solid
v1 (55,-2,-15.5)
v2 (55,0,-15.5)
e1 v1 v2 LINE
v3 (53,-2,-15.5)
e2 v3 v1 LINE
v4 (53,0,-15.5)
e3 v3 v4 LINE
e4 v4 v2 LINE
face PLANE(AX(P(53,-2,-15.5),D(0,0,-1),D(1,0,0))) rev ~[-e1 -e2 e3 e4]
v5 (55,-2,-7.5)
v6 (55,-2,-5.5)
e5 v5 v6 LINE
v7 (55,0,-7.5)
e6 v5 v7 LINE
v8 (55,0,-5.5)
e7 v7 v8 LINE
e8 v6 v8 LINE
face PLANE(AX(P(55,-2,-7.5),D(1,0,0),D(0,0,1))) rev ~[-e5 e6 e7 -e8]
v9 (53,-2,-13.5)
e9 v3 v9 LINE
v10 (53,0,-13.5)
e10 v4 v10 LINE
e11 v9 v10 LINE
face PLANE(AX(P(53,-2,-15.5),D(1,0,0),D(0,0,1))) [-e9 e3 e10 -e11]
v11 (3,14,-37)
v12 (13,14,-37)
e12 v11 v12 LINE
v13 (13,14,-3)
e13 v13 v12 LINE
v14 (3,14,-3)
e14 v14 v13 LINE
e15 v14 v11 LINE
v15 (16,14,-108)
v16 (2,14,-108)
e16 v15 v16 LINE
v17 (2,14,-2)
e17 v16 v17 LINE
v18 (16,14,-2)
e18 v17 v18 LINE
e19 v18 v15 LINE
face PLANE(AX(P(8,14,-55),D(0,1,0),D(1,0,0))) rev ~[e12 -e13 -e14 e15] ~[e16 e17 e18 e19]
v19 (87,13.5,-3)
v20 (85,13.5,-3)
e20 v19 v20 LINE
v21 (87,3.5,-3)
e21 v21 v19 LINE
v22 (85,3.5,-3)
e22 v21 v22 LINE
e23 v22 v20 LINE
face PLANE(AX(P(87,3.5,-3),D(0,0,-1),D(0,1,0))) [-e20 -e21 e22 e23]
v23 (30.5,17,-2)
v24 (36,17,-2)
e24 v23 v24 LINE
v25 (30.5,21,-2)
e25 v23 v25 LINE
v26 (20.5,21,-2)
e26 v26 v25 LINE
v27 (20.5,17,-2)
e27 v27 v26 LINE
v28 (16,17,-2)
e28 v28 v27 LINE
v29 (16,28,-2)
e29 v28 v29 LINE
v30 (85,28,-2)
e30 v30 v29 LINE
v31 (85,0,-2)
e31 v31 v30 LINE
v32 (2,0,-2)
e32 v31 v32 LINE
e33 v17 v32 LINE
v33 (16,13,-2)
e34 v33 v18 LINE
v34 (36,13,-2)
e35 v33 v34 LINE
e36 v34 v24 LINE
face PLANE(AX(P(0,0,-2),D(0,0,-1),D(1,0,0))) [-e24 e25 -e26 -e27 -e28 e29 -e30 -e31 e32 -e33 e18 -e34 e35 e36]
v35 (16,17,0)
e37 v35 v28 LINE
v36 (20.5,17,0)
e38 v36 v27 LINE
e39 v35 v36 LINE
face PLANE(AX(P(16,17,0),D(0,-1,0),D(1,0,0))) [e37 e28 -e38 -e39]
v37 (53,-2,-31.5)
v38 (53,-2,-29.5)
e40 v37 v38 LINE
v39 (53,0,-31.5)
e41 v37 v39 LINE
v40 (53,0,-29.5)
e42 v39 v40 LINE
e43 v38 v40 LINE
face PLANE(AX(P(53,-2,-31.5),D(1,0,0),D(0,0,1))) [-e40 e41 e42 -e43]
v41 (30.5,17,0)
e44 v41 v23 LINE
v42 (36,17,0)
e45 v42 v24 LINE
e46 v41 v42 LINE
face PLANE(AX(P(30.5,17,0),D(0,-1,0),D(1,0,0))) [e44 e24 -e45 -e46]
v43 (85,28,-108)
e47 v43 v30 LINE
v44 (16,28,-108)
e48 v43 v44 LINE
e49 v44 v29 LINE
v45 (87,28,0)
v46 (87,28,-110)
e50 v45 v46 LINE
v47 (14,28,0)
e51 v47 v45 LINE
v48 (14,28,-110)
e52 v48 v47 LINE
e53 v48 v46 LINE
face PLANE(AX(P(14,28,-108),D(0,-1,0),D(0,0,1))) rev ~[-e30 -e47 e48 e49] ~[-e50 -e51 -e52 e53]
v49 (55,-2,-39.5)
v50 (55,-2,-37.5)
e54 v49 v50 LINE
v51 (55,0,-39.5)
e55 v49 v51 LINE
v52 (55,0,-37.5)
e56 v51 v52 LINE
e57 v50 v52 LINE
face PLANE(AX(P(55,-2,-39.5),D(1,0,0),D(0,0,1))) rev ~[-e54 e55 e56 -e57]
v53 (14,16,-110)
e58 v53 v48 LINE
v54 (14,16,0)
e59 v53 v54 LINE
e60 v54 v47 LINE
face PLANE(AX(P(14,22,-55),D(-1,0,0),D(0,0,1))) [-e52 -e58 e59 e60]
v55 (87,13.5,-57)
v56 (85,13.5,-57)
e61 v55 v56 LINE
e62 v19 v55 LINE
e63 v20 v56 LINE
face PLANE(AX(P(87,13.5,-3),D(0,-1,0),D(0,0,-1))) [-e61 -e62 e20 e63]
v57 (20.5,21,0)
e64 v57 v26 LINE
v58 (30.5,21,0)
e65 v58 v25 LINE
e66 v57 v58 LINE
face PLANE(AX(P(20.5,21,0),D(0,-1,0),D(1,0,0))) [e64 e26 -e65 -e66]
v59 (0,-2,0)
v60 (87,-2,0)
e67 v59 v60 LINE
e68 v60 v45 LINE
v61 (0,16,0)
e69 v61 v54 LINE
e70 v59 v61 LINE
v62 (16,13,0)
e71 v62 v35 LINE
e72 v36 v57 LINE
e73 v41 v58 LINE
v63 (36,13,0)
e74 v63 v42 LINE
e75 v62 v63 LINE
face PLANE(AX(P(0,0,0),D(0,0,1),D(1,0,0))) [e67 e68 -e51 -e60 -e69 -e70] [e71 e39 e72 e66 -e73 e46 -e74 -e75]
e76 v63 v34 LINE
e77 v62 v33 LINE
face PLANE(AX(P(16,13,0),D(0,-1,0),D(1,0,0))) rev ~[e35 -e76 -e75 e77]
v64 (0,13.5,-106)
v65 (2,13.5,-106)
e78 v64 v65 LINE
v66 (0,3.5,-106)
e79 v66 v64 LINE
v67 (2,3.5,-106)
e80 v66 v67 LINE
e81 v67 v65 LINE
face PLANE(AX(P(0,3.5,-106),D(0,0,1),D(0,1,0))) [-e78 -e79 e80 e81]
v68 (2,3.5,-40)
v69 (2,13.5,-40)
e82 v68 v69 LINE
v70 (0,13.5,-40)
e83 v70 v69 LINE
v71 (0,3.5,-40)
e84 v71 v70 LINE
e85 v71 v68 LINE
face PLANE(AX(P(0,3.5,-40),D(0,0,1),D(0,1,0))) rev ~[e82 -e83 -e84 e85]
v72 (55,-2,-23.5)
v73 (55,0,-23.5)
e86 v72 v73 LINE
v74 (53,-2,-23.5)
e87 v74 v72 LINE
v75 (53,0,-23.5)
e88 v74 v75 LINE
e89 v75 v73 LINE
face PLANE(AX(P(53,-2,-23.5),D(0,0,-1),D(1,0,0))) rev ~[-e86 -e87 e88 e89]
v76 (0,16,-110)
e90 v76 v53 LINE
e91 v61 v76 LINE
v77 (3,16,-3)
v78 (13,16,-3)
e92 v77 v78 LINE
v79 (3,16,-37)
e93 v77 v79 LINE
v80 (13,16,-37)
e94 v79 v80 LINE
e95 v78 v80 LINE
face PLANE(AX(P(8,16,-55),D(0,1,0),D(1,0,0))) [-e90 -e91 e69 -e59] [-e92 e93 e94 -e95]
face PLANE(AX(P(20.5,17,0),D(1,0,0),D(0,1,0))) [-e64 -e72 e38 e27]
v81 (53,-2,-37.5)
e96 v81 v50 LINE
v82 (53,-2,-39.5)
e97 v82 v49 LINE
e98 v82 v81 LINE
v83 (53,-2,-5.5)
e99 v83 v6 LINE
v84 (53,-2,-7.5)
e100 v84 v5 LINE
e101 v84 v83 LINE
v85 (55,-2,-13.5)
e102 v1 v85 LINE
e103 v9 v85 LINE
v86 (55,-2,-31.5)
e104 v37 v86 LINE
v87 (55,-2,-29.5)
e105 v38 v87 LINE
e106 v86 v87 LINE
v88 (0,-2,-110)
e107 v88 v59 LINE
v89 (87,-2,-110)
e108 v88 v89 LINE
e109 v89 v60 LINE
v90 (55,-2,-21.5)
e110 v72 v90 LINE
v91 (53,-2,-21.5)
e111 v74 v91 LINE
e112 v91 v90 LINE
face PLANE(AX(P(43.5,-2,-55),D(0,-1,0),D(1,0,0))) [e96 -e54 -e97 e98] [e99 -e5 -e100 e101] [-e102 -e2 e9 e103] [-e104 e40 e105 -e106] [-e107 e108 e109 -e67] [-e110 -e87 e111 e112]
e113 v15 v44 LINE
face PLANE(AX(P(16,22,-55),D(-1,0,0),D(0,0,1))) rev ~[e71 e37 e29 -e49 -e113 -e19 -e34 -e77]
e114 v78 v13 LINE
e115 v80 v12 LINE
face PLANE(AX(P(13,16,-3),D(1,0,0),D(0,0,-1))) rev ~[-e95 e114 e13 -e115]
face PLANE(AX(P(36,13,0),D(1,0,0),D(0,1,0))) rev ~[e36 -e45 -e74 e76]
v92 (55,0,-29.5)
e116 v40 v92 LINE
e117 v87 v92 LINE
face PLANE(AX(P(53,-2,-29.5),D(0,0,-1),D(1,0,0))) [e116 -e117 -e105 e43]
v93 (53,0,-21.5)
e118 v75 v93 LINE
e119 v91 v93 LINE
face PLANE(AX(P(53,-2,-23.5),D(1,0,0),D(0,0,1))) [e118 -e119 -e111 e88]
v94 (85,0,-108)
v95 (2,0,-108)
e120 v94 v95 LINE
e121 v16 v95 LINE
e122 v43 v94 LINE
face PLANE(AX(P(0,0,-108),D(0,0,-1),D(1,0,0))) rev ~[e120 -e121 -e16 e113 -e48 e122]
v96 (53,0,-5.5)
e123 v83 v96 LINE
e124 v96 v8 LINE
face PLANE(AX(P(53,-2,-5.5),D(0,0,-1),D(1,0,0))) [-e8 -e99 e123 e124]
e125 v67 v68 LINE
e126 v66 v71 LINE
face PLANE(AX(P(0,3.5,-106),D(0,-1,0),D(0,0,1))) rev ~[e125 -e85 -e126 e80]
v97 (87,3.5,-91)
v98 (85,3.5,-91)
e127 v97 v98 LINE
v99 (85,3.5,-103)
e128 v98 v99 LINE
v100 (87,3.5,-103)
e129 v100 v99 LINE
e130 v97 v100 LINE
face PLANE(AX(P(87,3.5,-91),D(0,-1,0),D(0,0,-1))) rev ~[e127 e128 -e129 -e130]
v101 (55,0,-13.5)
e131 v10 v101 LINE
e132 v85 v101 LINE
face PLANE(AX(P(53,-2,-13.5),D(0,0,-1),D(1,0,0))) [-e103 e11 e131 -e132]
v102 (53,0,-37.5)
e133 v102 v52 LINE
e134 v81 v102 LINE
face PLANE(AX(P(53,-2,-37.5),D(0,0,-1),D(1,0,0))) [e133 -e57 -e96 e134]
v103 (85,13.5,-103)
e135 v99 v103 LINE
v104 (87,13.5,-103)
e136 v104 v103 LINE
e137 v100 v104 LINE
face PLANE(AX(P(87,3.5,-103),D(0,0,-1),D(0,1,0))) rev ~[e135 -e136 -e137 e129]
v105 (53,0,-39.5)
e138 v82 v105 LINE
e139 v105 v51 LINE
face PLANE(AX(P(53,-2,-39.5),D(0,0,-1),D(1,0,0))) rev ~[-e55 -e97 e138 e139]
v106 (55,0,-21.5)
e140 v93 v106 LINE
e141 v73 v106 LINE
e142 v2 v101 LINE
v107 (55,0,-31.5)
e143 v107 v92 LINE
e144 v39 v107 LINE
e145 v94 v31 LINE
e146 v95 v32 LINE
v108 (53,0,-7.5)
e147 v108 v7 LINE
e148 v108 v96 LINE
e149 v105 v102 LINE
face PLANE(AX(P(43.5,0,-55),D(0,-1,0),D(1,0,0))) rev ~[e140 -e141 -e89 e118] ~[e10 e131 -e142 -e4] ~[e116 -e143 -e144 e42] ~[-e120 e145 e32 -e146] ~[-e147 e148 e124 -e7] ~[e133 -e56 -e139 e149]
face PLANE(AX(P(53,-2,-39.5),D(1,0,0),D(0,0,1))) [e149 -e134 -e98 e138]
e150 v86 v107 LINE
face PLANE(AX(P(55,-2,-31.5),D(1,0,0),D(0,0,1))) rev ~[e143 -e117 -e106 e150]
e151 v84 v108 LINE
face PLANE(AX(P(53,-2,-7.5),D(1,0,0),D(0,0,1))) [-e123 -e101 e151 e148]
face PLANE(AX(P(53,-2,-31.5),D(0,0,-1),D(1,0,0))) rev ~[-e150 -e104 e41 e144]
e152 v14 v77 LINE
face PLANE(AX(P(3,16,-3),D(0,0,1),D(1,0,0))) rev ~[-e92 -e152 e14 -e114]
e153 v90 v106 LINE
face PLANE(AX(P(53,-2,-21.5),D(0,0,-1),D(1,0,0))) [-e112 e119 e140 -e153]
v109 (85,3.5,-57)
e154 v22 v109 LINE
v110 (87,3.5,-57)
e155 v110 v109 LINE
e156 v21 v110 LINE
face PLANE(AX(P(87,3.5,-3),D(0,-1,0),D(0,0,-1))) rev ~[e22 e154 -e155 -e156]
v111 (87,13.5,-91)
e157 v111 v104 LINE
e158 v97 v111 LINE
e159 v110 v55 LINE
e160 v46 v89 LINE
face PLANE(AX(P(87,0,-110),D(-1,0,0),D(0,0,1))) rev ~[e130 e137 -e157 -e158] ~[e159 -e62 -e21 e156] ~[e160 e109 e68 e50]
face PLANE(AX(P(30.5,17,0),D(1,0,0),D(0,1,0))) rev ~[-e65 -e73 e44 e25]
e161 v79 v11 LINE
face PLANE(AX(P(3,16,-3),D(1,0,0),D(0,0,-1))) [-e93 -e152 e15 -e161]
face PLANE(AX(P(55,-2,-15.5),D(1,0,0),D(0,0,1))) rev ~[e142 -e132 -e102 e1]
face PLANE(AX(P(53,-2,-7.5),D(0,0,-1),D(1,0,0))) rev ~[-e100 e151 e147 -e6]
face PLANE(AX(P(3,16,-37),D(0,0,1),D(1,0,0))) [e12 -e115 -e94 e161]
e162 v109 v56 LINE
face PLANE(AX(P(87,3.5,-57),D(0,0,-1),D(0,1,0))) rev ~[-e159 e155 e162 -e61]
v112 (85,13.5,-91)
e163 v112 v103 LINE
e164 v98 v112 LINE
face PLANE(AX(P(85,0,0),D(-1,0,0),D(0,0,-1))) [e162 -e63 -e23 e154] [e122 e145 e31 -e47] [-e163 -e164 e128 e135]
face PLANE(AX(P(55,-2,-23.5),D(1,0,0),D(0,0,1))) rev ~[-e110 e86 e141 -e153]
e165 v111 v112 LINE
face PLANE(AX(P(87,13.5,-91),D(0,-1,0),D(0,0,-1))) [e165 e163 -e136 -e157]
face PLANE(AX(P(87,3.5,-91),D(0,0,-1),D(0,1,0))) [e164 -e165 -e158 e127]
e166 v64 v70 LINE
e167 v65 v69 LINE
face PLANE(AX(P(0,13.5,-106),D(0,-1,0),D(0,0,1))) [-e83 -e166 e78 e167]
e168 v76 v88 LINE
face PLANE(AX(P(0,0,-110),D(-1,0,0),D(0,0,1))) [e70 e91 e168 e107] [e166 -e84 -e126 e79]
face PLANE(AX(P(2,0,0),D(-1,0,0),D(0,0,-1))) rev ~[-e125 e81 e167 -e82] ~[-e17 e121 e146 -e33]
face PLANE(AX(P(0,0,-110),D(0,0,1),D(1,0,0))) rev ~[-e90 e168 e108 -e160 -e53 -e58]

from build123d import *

# Parameters (mm, degrees)
IZIM2_W                      = 87
IZIM2_H                      = 110
Y_KSEKLIK_EKSTR_ZYON1_DEPTH  = 28
BO_ALTMA1_T                  = -2
IZIM3_W                      = 66
IZIM3_H                      = 10
KES_EKSTR_ZYON1_DEPTH        = 2
IZIM4_W                      = 14
IZIM4_H                      = 14
KES_EKSTR_ZYON3_DEPTH        = 110
IZIM5_W                      = 16
IZIM5_H                      = 110
Y_KSEKLIK_EKSTR_ZYON2_DEPTH  = 2
IZIM7_W                      = 10
IZIM7_H                      = 34
KES_EKSTR_ZYON4_DEPTH        = 1
IZIM8_W                      = 10
IZIM8_H                      = 4
IZIM8_W_2                    = 20
KES_EKSTR_ZYON5_DEPTH        = 2
IZIM9_W                      = 54
IZIM9_H                      = 10
KES_EKSTR_ZYON6_DEPTH        = 2
IZIM10_W                     = 87
IZIM10_H                     = 110
Y_KSEKLIK_EKSTR_ZYON4_DEPTH  = 2
IZIM11_W                     = 12
IZIM11_H                     = 10
KES_EKSTR_ZYON7_DEPTH        = 2
IZIM12_W                     = 2
IZIM12_H                     = 2
KES_EKSTR_ZYON8_DEPTH        = 2
IZIM14_W                     = 10
IZIM14_H                     = 34
KES_EKSTR_ZYON9_DEPTH        = 2
IZIM15_W                     = 106
IZIM15_H                     = 12
Y_KSEKLIK_EKSTR_ZYON15_DEPTH = 2


with BuildPart() as part:
    # Çizim2 → Yükseklik-Ekstrüzyon1 (new body)
    with BuildSketch(Plane(origin=(0, 0, 0), x_dir=(1, 0, 0), z_dir=(0, 1, 0))):
        with Locations((43.5, 55)):
            Rectangle(IZIM2_W, IZIM2_H)
    extrude(amount=Y_KSEKLIK_EKSTR_ZYON1_DEPTH)

    # İç Boşaltma1
    bo_altma1_openings = [part.faces().sort_by_distance(p)[0] for p in [
        (43.5, 28, -55),
        (43.5, 0, -55),
    ]]
    offset(amount=BO_ALTMA1_T, openings=bo_altma1_openings, kind=Kind.INTERSECTION)

    # Çizim3 → Kes-Ekstrüzyon1 (cut)
    with BuildSketch(Plane.ZY):
        with Locations((-73, 8.5)):
            Rectangle(IZIM3_W, IZIM3_H)
    extrude(amount=-KES_EKSTR_ZYON1_DEPTH, mode=Mode.SUBTRACT)

    # Çizim4 → Kes-Ekstrüzyon3 (cut)
    with BuildSketch(Plane(origin=(0, 0, -110), x_dir=(-1, 0, 0), z_dir=(0, 0, -1))):
        with Locations((-7, 21)):
            Rectangle(IZIM4_W, IZIM4_H)
    extrude(amount=-KES_EKSTR_ZYON3_DEPTH, mode=Mode.SUBTRACT)

    # Çizim5 → Yükseklik-Ekstrüzyon2 (add)
    with BuildSketch(Plane(origin=(0, 14, 0), x_dir=(1, 0, 0), z_dir=(0, 1, 0))):
        with Locations((8, 55)):
            Rectangle(IZIM5_W, IZIM5_H)
    extrude(amount=Y_KSEKLIK_EKSTR_ZYON2_DEPTH)

    # Çizim7 → Kes-Ekstrüzyon4 (cut)
    with BuildSketch(Plane(origin=(0, 16, 0), x_dir=(1, 0, 0), z_dir=(0, 1, 0))):
        with Locations((8, 20)):
            Rectangle(IZIM7_W, IZIM7_H)
    extrude(amount=-KES_EKSTR_ZYON4_DEPTH, mode=Mode.SUBTRACT)

    # Çizim8 → Kes-Ekstrüzyon5 (cut)
    with BuildSketch(Plane.XY):
        with Locations((25.500000105, 19)):
            Rectangle(IZIM8_W, IZIM8_H)
        with Locations((26, 15)):
            Rectangle(IZIM8_W_2, IZIM8_H)
    extrude(amount=-KES_EKSTR_ZYON5_DEPTH, mode=Mode.SUBTRACT)

    # Çizim9 → Kes-Ekstrüzyon6 (cut)
    with BuildSketch(Plane(origin=(87, 0, 0), x_dir=(0, 0, -1), z_dir=(1, 0, 0))):
        with Locations((30, 8.5)):
            Rectangle(IZIM9_W, IZIM9_H)
    extrude(amount=-KES_EKSTR_ZYON6_DEPTH, mode=Mode.SUBTRACT)

    # Çizim10 → Yükseklik-Ekstrüzyon4 (add)
    with BuildSketch(Plane.XZ):
        with Locations((43.5, -55)):
            Rectangle(IZIM10_W, IZIM10_H)
    extrude(amount=Y_KSEKLIK_EKSTR_ZYON4_DEPTH)

    # Çizim11 → Kes-Ekstrüzyon7 (cut)
    with BuildSketch(Plane(origin=(87, 0, 0), x_dir=(0, 0, -1), z_dir=(1, 0, 0))):
        with Locations((97, 8.5)):
            Rectangle(IZIM11_W, IZIM11_H)
    extrude(amount=-KES_EKSTR_ZYON7_DEPTH, mode=Mode.SUBTRACT)

    # Çizim12 → Kes-Ekstrüzyon8 (cut)
    with BuildSketch(Plane.XZ.offset(2)):
        with Locations((54, -6.5)):
            Rectangle(IZIM12_W, IZIM12_H)
        with Locations((54, -38.5)):
            Rectangle(IZIM12_W, IZIM12_H)
        with Locations((54, -22.5)):
            Rectangle(IZIM12_W, IZIM12_H)
        with Locations((54, -14.5)):
            Rectangle(IZIM12_W, IZIM12_H)
        with Locations((54, -30.5)):
            Rectangle(IZIM12_W, IZIM12_H)
    extrude(amount=-KES_EKSTR_ZYON8_DEPTH, mode=Mode.SUBTRACT)

    # Çizim14 → Kes-Ekstrüzyon9 (cut)
    with BuildSketch(Plane(origin=(0, 15, 0), x_dir=(1, 0, 0), z_dir=(0, 1, 0))):
        with Locations((8, 20)):
            Rectangle(IZIM14_W, IZIM14_H)
    extrude(amount=-KES_EKSTR_ZYON9_DEPTH, mode=Mode.SUBTRACT)

    # Çizim15 → Yükseklik-Ekstrüzyon15 (add)
    with BuildSketch(Plane.ZY.offset(-14)):
        with Locations((-55, 22)):
            Rectangle(IZIM15_W, IZIM15_H)
    extrude(amount=-Y_KSEKLIK_EKSTR_ZYON15_DEPTH)


solid = part.part
